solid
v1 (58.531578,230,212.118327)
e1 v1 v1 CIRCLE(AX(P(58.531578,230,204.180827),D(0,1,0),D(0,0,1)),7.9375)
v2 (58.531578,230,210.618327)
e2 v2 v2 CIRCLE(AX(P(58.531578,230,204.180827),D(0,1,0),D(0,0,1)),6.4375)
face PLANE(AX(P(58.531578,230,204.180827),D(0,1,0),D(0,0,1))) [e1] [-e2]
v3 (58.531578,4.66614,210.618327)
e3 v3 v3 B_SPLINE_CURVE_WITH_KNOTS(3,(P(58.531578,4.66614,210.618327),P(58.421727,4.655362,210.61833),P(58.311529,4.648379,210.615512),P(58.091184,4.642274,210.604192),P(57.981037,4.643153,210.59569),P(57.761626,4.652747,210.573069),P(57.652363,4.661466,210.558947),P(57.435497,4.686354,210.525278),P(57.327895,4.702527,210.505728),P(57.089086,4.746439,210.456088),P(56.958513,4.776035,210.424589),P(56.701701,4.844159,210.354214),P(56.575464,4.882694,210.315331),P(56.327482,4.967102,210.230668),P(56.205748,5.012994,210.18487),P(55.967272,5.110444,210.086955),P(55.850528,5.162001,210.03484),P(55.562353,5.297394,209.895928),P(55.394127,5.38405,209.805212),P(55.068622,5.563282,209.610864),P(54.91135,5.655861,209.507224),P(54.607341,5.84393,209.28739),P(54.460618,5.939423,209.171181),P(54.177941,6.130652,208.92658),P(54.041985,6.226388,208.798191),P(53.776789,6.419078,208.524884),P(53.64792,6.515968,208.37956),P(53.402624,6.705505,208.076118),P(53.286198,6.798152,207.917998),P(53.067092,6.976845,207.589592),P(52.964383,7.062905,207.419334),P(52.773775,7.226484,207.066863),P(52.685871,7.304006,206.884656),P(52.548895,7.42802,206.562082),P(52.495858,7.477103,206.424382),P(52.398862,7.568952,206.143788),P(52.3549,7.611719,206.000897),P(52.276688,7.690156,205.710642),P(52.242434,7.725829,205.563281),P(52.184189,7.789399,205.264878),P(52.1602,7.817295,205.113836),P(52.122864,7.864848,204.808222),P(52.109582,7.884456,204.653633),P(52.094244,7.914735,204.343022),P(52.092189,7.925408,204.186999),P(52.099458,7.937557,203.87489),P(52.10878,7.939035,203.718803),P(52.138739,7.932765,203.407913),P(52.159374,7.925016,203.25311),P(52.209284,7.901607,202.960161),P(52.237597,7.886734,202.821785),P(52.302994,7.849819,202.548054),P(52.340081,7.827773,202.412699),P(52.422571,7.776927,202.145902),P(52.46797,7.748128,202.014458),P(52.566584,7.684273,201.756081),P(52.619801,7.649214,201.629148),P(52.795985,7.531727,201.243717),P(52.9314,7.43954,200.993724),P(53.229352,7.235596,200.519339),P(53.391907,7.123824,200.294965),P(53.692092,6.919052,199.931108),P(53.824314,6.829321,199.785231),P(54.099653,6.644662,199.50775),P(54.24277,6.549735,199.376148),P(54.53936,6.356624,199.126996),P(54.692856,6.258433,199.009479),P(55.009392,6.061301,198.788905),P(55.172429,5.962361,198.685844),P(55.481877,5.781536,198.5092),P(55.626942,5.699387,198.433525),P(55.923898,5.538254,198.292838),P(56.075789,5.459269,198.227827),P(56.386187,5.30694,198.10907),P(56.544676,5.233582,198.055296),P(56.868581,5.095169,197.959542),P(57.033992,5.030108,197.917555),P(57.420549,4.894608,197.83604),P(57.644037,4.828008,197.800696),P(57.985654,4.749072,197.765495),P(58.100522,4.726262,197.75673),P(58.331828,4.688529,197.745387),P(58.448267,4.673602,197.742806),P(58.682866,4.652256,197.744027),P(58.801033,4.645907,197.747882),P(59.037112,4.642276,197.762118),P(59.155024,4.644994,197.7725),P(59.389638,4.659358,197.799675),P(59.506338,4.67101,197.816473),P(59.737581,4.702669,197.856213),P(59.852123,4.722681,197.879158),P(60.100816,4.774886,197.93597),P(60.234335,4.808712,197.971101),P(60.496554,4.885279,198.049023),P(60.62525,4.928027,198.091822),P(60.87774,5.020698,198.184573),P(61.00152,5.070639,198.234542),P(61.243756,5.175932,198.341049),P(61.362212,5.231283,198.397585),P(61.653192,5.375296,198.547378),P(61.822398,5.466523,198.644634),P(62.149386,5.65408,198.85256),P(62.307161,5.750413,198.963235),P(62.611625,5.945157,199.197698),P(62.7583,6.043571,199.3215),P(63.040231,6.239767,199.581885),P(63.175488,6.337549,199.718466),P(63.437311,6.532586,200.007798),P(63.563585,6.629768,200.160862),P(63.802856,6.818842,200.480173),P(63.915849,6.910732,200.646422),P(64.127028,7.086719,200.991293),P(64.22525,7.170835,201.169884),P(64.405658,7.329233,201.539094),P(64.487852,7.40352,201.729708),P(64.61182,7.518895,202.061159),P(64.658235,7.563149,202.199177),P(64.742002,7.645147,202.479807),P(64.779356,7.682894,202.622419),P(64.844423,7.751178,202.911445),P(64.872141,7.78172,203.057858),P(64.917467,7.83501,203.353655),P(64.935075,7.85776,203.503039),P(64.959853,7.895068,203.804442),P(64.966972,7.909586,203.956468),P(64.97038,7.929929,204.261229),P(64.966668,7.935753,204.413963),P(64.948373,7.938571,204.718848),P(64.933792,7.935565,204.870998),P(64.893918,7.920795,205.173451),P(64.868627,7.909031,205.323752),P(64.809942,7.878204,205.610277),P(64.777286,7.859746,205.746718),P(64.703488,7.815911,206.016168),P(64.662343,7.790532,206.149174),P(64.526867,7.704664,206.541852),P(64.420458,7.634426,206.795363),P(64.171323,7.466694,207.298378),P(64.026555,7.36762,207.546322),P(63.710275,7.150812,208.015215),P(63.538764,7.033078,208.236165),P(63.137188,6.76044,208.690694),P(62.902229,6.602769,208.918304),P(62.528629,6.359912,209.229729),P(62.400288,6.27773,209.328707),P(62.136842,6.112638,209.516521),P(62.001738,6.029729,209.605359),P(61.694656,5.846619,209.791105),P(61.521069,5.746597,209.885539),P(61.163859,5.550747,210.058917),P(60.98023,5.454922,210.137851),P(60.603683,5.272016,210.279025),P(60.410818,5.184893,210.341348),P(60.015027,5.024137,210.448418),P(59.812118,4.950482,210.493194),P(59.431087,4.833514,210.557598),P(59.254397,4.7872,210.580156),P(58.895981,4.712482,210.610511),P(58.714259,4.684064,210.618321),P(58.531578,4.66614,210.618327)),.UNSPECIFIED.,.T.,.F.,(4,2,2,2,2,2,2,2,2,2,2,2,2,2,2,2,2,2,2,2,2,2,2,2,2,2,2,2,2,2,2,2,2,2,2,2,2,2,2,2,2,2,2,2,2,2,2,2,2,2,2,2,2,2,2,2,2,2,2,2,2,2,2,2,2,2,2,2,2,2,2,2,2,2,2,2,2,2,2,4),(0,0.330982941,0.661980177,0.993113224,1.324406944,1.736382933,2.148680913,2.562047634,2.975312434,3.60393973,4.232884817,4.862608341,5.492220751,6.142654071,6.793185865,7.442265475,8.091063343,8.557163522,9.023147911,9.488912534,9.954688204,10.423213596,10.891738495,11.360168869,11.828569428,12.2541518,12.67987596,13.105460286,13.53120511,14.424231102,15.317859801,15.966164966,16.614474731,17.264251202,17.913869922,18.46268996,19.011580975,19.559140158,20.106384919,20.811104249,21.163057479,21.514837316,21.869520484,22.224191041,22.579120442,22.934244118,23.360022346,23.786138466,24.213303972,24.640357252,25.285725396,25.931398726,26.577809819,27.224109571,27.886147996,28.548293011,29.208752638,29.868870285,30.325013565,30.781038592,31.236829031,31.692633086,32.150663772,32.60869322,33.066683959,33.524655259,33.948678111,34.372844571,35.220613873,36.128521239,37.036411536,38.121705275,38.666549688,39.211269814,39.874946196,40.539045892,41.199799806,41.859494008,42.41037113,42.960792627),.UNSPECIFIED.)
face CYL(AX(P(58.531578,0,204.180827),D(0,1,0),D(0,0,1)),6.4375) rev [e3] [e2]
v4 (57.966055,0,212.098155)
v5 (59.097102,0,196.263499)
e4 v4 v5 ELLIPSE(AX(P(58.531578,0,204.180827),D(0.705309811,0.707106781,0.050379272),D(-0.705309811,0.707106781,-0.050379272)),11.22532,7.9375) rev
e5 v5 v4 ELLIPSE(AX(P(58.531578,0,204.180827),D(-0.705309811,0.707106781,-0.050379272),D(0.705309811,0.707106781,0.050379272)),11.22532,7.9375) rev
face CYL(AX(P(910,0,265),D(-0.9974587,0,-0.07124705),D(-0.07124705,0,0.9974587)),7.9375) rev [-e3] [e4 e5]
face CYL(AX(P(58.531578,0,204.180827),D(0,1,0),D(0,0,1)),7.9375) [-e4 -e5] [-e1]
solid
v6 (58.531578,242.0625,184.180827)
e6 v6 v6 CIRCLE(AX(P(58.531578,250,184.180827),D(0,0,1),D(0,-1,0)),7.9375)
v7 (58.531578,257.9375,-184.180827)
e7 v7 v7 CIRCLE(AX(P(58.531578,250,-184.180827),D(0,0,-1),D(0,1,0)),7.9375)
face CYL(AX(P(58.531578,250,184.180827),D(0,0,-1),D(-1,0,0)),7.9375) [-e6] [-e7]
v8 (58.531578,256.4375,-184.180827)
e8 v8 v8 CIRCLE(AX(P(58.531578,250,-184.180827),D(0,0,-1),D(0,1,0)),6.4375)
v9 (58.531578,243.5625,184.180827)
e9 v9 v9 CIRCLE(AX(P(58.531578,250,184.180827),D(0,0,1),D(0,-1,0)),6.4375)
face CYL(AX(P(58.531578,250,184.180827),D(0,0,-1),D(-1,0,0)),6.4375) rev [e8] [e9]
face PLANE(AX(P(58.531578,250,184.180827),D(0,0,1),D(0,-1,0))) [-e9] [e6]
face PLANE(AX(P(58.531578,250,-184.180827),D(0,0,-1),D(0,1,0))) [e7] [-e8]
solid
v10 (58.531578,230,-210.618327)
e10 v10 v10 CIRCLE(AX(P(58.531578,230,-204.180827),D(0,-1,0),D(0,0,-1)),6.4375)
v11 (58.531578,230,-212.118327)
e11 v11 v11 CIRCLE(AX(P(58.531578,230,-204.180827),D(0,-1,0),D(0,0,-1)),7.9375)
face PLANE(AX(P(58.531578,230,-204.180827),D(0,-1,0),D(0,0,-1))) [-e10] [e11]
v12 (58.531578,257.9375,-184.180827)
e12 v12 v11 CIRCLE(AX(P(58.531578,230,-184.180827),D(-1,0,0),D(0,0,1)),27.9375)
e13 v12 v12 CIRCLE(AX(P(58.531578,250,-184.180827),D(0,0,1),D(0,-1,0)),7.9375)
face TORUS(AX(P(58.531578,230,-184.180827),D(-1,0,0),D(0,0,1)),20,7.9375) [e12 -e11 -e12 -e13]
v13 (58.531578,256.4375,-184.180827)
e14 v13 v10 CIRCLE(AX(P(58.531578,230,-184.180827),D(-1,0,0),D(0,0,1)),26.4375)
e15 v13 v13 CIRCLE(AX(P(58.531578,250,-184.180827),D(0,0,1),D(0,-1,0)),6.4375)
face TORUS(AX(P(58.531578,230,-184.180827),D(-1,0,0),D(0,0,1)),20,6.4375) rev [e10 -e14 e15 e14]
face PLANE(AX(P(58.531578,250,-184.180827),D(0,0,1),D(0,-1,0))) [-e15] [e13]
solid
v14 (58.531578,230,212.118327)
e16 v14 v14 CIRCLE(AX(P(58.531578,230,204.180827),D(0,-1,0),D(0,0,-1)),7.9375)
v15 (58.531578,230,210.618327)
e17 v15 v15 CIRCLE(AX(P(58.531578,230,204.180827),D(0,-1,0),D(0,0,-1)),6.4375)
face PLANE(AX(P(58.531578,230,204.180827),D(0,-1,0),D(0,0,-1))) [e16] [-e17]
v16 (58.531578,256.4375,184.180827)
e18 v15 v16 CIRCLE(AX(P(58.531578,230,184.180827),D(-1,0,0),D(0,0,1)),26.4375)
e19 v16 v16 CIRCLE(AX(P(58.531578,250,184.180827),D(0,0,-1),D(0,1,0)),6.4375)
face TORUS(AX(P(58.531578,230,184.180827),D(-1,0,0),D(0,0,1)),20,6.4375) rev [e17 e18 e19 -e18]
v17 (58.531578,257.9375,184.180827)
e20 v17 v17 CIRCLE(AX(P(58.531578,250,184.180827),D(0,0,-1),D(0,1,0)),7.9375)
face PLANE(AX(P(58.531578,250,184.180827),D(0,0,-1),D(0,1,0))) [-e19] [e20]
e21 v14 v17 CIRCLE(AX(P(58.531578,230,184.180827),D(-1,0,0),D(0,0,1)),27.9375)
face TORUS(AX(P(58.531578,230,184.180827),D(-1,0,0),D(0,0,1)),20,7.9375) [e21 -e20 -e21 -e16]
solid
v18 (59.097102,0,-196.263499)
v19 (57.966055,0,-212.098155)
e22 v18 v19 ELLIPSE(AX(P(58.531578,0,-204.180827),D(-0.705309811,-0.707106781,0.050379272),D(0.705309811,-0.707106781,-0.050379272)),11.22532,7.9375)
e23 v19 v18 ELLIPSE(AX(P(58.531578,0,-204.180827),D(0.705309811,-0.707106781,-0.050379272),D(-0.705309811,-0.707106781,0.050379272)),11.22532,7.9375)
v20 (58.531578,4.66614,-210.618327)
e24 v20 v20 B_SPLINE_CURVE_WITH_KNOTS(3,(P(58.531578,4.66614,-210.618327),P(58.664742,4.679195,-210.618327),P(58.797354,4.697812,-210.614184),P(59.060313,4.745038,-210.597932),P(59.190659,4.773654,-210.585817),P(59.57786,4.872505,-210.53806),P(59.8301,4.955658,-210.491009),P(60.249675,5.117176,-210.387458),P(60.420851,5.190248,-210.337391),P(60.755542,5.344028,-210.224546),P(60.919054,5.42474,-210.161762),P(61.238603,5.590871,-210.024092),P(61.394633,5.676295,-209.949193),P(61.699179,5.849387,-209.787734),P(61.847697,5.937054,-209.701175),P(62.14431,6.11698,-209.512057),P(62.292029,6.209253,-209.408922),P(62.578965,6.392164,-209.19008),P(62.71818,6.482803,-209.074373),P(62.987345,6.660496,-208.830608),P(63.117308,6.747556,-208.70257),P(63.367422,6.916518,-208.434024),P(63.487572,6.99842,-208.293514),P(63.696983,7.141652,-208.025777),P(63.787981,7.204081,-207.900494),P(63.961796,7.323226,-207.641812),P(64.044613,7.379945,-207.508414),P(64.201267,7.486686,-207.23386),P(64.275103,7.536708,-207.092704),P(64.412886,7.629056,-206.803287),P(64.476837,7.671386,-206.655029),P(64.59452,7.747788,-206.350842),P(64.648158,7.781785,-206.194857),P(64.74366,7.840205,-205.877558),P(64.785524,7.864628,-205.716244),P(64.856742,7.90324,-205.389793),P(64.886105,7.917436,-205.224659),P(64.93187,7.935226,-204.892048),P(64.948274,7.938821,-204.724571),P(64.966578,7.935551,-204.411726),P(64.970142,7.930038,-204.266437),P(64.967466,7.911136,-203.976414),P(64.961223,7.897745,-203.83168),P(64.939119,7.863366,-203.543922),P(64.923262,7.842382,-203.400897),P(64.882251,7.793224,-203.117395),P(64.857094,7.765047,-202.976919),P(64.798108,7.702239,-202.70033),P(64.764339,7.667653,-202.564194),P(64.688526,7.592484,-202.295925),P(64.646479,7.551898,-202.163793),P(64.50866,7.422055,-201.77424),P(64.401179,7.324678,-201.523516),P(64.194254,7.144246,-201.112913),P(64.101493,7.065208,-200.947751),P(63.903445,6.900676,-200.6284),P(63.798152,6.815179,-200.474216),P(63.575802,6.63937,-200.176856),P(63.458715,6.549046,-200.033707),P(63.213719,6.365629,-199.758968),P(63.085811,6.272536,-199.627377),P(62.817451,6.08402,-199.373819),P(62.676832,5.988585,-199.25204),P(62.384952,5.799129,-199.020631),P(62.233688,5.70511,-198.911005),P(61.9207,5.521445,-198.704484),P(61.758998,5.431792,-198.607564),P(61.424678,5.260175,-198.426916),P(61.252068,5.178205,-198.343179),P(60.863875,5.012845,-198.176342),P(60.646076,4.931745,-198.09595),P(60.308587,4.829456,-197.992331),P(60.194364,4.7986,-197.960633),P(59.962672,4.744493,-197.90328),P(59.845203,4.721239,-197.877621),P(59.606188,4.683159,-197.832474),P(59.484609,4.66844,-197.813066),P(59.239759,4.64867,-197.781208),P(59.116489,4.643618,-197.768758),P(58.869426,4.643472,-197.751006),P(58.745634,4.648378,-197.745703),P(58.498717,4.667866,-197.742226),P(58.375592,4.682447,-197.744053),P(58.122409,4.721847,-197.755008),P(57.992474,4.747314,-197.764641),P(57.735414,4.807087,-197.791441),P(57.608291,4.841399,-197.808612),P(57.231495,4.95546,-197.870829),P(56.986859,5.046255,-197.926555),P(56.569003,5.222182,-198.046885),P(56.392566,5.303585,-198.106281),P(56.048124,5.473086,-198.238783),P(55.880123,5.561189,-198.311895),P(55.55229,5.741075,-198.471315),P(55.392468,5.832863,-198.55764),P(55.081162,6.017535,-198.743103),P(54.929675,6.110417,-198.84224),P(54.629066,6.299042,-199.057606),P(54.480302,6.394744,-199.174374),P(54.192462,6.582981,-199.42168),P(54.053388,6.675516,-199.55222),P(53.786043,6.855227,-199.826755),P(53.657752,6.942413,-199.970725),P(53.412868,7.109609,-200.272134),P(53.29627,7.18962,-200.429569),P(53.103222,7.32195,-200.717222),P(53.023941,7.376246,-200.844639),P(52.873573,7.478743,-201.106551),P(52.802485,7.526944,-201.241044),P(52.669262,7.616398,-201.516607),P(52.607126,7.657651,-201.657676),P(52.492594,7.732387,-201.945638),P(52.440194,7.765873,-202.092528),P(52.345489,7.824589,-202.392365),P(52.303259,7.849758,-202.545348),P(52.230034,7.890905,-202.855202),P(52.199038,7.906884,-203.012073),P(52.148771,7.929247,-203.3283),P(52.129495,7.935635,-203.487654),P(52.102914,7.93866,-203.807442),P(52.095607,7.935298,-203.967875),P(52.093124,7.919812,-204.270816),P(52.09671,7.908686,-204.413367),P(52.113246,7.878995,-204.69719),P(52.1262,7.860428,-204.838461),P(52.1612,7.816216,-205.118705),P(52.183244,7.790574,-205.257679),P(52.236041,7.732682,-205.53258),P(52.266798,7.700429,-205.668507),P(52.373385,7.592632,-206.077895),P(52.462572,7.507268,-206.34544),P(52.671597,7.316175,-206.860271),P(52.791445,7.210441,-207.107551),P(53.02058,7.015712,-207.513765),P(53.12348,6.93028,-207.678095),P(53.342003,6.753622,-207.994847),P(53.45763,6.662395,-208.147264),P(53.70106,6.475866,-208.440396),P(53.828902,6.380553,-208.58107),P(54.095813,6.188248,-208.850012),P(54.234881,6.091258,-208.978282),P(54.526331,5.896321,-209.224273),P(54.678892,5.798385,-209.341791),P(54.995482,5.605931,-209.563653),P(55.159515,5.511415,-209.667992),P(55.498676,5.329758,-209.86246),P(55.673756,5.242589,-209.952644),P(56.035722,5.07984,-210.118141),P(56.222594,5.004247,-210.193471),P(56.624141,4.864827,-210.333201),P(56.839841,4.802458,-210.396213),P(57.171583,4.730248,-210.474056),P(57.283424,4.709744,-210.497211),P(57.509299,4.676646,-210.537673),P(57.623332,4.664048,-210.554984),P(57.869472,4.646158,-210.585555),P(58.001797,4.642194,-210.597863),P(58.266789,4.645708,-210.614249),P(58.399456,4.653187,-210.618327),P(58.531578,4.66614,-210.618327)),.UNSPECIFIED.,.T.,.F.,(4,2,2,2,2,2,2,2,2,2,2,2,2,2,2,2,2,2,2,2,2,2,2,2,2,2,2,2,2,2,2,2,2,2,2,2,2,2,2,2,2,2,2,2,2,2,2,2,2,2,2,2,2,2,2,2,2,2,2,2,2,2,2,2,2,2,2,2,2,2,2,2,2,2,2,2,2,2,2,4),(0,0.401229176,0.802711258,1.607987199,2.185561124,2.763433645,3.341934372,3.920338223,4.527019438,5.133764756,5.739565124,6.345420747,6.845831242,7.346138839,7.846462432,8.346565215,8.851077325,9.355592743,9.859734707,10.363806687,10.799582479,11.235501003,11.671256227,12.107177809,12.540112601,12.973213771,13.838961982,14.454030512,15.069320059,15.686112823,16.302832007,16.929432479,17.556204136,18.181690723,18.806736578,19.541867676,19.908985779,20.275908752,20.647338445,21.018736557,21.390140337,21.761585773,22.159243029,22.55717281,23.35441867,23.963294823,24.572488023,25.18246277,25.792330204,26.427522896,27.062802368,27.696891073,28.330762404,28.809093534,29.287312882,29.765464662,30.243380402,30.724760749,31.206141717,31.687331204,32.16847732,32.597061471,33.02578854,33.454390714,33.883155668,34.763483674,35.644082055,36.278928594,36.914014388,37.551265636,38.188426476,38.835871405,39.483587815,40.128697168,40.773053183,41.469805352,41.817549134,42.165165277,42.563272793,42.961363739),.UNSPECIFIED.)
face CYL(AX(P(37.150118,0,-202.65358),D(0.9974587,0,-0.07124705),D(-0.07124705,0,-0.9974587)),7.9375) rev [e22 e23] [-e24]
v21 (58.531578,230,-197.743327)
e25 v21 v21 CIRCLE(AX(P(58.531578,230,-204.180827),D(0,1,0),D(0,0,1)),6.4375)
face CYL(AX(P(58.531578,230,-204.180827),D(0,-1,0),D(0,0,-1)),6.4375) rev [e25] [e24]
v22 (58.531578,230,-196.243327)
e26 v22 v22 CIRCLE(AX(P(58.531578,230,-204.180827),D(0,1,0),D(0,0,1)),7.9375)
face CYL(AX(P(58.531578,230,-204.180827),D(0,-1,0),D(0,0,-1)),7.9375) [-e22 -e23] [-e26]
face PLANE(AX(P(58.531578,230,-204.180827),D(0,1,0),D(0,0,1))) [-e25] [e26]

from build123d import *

# Parameters (mm, degrees)
SKETCH1_ON_SEGMENT_1_R               = 7.9375
SKETCH1_ON_SEGMENT_1_R_2             = 6.4375
PIPE_CONFIGURED_21_3_X_2_3_1_DEPTH   = 230
SKETCH1_ON_SEGMENT_2_R               = 7.9375
SKETCH1_ON_SEGMENT_2_R_2             = 6.4375
PIPE_CONFIGURED_21_3_X_2_3_1_2_ANGLE = 90
SKETCH1_ON_SEGMENT_3_R               = 7.9375
SKETCH1_ON_SEGMENT_3_R_2             = 6.4375
PIPE_CONFIGURED_21_3_X_2_3_1_3_DEPTH = 368.361654036
SKETCH1_ON_SEGMENT_4_R               = 7.9375
SKETCH1_ON_SEGMENT_4_R_2             = 6.4375
PIPE_CONFIGURED_21_3_X_2_3_1_4_ANGLE = 90
SKETCH1_R                            = 7.9375
SKETCH1_R_2                          = 6.4375
PIPE_CONFIGURED_21_3_X_2_3_1_5_DEPTH = 230
ESBO_O6_R                            = 7.9375


with BuildPart() as part:
    # Sketch1 on segment 1 (carried to segment 1) → Pipe - configured 21.3 X 2.3(1) (new body)
    with BuildSketch(Plane(origin=(58.531578249, 230, -204.180827018), x_dir=(1, 0, 0), z_dir=(0, -1, 0))):
        Circle(SKETCH1_ON_SEGMENT_1_R)
        Circle(SKETCH1_ON_SEGMENT_1_R_2, mode=Mode.SUBTRACT)
    extrude(amount=PIPE_CONFIGURED_21_3_X_2_3_1_DEPTH)


with BuildPart() as body_2:
    # Sketch1 on segment 2 (carried to the start of arc 2) → Pipe - configured 21.3 X 2.3_1 2 (revolve)
    with BuildSketch(Plane(origin=(58.531578249, 230, -204.180827018), x_dir=(1, 0, 0), z_dir=(0, 1, 0))):
        Circle(SKETCH1_ON_SEGMENT_2_R)
        Circle(SKETCH1_ON_SEGMENT_2_R_2, mode=Mode.SUBTRACT)
    revolve(axis=Axis((58.531578249, 230, -184.180827018), (1, 0, 0)), revolution_arc=PIPE_CONFIGURED_21_3_X_2_3_1_2_ANGLE)


with BuildPart() as body_3:
    # Sketch1 on segment 3 (carried to segment 3) → Pipe - configured 21.3 X 2.3_1 3 (new body)
    with BuildSketch(Plane(origin=(58.531578249, 250, -184.180827018), x_dir=(1, 0, 0), z_dir=(0, 0, 1))):
        Circle(SKETCH1_ON_SEGMENT_3_R)
        Circle(SKETCH1_ON_SEGMENT_3_R_2, mode=Mode.SUBTRACT)
    extrude(amount=PIPE_CONFIGURED_21_3_X_2_3_1_3_DEPTH)


with BuildPart() as body_4:
    # Sketch1 on segment 4 (carried to the start of arc 4) → Pipe - configured 21.3 X 2.3_1 4 (revolve)
    with BuildSketch(Plane(origin=(58.531578249, 230, 204.180827018), x_dir=(1, 0, 0), z_dir=(0, 1, 0))):
        Circle(SKETCH1_ON_SEGMENT_4_R)
        Circle(SKETCH1_ON_SEGMENT_4_R_2, mode=Mode.SUBTRACT)
    revolve(axis=Axis((58.531578249, 230, 184.180827018), (-1, 0, 0)), revolution_arc=PIPE_CONFIGURED_21_3_X_2_3_1_4_ANGLE)


with BuildPart() as body_5:
    # Sketch1 → Pipe - configured 21.3 X 2.3_1 5 (new body)
    with BuildSketch(Plane(origin=(58.531578249, 230, 204.180827018), x_dir=(1, 0, 0), z_dir=(0, -1, 0))):
        Circle(SKETCH1_R)
        Circle(SKETCH1_R_2, mode=Mode.SUBTRACT)
    extrude(amount=PIPE_CONFIGURED_21_3_X_2_3_1_5_DEPTH)


with BuildPart() as varredura_de_corte1_tool:
    # Varredura de corte1: sweep along a path in Esboço1
    with BuildLine(Plane(origin=(0, 0, 0), x_dir=(1, 0, 0), z_dir=(0, 1, 0))) as varredura_de_corte1_path:
        Line((910, 265), (37.150118, 202.653579857))
        ThreePointArc((37.150118, 202.653579857), (10.725477972, 190.013301495), (0, 162.755231864))
        Line((0, 162.755231864), (0, -162.755231864))
        ThreePointArc((0, -162.755231864), (10.725477972, -190.013301495), (37.150118, -202.653579857))
        Line((37.150118, -202.653579857), (910, -265))
    # Esboço6 → Varredura de corte1 (sweep)
    with BuildSketch(Plane.XY):
        Circle(ESBO_O6_R)
    sweep(path=varredura_de_corte1_path.line)


with BuildPart() as part_1:
    add(part.part)

    # Varredura de corte1: cut by varredura_de_corte1_tool
    add(varredura_de_corte1_tool.part, mode=Mode.SUBTRACT)


with BuildPart() as body_5_1:
    add(body_5.part)

    # Varredura de corte1: cut by varredura_de_corte1_tool
    add(varredura_de_corte1_tool.part, mode=Mode.SUBTRACT)


solid = Compound([body_2.part, body_3.part, body_4.part, part_1.part, body_5_1.part])
